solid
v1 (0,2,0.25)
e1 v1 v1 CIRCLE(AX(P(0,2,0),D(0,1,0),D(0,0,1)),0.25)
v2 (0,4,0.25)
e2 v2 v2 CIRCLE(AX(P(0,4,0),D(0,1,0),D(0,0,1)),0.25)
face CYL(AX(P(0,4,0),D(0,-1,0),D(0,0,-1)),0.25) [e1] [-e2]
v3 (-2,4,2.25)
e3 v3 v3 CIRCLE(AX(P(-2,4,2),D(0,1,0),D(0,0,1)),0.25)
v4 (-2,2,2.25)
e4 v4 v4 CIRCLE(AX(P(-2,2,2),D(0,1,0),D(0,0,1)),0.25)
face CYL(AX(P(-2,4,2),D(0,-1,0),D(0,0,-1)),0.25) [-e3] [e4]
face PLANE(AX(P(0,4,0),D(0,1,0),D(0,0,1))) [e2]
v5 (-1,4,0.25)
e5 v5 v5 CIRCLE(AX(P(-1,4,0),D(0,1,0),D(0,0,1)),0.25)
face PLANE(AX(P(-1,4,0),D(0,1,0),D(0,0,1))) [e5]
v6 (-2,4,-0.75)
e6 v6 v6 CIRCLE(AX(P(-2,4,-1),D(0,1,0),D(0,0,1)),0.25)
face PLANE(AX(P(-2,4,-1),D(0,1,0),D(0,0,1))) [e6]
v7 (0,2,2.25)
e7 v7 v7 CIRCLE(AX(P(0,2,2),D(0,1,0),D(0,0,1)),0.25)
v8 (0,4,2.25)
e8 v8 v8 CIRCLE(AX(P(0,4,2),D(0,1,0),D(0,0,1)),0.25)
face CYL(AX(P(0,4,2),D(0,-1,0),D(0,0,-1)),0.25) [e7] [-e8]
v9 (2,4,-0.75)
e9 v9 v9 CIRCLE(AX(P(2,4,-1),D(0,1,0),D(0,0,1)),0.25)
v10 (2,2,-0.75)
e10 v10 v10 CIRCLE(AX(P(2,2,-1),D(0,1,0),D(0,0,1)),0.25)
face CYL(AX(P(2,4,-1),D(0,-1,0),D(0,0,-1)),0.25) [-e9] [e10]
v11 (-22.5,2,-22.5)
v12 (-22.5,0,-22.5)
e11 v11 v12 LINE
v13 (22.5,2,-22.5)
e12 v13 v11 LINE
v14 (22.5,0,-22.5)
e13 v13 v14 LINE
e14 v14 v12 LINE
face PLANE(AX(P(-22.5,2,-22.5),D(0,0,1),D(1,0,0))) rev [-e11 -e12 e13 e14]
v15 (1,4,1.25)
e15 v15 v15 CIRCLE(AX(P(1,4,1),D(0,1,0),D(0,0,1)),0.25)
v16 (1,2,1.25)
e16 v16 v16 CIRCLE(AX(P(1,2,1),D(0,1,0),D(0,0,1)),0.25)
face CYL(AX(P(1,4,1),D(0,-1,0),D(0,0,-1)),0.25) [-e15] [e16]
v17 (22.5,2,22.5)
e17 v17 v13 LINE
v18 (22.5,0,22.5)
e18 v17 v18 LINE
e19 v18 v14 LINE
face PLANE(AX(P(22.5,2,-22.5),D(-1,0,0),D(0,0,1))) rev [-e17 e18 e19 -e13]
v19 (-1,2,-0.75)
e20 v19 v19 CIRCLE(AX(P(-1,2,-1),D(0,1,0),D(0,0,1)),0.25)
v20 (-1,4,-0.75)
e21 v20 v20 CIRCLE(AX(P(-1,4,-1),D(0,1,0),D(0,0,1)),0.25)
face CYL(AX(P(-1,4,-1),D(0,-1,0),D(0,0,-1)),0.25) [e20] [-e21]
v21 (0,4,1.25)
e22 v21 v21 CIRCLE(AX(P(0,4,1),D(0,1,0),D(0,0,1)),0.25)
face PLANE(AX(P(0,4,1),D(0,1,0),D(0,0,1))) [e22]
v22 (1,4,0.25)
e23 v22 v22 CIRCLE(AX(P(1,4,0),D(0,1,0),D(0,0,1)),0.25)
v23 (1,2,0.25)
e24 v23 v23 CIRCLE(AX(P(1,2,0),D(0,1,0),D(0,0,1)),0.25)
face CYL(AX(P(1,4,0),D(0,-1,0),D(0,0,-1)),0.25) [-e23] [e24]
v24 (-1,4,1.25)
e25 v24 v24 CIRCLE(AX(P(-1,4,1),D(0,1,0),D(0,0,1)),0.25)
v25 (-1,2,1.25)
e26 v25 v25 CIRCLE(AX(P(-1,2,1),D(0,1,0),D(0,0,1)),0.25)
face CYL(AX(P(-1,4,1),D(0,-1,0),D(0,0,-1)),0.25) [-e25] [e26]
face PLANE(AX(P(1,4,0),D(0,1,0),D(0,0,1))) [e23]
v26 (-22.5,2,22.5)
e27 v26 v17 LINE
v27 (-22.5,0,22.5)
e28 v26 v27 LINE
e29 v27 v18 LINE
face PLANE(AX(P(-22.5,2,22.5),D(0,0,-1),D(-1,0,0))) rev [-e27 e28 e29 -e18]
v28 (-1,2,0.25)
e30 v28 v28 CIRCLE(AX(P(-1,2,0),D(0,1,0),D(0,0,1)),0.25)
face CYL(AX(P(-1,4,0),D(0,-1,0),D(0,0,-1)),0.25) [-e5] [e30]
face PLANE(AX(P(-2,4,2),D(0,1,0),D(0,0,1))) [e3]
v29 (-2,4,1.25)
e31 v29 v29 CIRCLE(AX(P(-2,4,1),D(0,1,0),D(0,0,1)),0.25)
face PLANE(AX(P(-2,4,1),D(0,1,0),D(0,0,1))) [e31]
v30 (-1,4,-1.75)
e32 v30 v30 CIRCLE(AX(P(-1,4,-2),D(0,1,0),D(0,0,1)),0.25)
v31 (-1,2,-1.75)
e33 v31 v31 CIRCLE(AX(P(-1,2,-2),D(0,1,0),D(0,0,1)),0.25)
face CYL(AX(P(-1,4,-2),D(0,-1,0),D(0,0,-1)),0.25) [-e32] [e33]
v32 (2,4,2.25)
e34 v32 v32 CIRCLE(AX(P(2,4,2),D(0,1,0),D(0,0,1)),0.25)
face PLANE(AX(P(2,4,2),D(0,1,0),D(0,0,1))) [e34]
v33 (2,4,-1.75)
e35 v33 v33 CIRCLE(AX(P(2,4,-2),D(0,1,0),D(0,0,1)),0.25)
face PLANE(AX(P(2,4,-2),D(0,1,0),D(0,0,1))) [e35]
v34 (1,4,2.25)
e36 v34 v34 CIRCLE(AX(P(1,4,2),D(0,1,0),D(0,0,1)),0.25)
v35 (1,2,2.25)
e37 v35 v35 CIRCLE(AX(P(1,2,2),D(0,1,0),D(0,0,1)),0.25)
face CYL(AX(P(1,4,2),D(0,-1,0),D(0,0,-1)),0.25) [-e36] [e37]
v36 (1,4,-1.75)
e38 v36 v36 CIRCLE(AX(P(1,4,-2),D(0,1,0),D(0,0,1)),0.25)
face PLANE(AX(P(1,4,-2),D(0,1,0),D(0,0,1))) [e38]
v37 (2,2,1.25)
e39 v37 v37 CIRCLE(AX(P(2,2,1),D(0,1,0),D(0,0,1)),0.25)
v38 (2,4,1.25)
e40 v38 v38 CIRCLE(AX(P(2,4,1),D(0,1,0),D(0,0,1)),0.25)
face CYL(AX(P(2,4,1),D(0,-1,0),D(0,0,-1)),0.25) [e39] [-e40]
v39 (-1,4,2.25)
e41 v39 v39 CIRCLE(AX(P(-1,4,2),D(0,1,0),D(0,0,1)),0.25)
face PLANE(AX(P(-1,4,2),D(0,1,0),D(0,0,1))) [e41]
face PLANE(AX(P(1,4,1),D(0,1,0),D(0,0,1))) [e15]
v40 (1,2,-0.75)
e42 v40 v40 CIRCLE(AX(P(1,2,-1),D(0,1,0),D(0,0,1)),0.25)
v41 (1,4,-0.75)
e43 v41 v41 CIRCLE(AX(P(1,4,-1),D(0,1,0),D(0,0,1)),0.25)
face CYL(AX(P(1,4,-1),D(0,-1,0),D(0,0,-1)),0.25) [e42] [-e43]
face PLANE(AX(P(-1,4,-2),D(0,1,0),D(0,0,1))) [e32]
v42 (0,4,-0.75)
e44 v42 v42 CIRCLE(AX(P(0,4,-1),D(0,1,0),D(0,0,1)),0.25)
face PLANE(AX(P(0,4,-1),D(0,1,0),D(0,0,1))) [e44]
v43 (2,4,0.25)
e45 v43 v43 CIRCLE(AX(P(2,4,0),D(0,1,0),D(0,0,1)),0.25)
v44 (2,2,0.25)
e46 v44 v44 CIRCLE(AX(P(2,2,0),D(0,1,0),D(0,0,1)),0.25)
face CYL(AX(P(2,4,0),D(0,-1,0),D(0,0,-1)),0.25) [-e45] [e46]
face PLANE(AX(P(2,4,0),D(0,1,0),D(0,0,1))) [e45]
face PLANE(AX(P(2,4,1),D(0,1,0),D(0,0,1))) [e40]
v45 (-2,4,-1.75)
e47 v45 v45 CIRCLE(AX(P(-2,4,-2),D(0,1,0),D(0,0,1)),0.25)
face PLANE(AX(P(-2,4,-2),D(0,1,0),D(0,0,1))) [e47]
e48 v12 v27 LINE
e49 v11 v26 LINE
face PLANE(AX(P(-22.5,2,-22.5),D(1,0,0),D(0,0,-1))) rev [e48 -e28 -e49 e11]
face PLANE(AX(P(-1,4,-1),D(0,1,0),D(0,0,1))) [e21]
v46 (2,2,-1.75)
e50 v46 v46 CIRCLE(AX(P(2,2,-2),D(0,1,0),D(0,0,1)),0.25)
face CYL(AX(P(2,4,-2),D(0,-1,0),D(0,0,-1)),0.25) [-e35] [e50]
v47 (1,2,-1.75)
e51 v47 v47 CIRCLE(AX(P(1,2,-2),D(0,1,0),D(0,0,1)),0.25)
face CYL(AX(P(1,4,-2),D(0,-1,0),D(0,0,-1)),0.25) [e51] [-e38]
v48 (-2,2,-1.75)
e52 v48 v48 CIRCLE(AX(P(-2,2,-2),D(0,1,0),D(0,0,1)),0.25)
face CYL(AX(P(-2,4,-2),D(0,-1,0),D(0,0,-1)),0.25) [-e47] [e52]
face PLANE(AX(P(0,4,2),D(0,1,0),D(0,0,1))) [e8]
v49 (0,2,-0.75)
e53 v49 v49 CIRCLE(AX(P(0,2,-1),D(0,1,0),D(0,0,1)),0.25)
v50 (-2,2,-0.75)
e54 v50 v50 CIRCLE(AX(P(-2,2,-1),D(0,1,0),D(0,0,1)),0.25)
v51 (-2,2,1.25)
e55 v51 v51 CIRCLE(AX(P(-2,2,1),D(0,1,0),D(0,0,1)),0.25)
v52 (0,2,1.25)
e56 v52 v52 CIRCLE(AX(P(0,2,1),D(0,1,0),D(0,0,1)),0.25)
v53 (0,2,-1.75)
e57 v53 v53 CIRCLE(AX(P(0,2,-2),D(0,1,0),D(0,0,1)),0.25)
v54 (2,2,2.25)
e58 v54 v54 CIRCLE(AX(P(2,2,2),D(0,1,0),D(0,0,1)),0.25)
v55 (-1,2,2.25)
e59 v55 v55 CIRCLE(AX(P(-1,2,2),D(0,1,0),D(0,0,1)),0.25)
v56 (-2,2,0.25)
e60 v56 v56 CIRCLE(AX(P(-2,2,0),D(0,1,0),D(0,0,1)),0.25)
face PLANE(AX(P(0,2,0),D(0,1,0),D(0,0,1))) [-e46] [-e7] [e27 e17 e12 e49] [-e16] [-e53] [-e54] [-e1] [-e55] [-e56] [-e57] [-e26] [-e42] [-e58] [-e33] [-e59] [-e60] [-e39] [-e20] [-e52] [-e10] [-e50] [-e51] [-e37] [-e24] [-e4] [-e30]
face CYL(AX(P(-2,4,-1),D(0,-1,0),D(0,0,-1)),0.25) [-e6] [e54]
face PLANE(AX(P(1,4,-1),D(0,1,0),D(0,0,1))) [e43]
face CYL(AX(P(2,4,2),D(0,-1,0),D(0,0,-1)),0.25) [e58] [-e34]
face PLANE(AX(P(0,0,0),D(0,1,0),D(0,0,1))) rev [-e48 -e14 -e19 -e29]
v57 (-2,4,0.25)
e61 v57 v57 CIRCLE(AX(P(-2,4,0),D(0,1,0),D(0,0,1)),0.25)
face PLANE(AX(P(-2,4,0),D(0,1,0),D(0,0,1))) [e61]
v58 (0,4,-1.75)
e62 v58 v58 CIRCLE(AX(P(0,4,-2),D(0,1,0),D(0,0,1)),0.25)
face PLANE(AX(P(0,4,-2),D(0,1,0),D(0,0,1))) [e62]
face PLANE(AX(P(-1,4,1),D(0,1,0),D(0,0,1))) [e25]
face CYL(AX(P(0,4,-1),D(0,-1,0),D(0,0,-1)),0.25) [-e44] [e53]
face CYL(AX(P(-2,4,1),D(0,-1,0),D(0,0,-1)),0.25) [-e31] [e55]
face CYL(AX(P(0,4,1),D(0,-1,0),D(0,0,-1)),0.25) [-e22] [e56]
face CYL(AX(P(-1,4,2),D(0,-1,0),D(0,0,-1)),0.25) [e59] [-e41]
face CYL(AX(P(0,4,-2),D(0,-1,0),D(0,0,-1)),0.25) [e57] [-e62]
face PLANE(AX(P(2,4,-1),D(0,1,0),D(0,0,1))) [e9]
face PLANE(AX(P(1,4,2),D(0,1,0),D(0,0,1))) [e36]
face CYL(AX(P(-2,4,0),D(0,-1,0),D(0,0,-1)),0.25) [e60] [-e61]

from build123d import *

# Parameters (mm, degrees)
SKETCH1_W                 = 45
SKETCH1_H                 = 45
BASEPLATE_DEPTH           = 2
SKETCH2_R                 = 0.25
PINFIN_DEPTH              = 2
PINFIN_PATTERN_COUNT      = 5
PINFIN_PATTERN_PITCH      = 1
PINFIN_PATTERN_COUNT_DIR2 = 5
PINFIN_PATTERN_PITCH_DIR2 = 1


with BuildPart() as part:
    # Sketch1 → Baseplate (new body)
    with BuildSketch(Plane(origin=(0, 0, 0), x_dir=(1, 0, 0), z_dir=(0, 1, 0))):
        Rectangle(SKETCH1_W, SKETCH1_H)
    extrude(amount=BASEPLATE_DEPTH)

    # Sketch2 → Pinfin (add)
    with BuildSketch(Plane(origin=(0, 2, 0), x_dir=(1, 0, 0), z_dir=(0, 1, 0))):
        with Locations(Location((-2, -2, 0), (0, 0, 270))):
            Circle(SKETCH2_R)
    pinfin = extrude(amount=PINFIN_DEPTH)

    # Pinfin Pattern: Pinfin 5 × 5
    with Locations(*[(j * PINFIN_PATTERN_PITCH_DIR2, 0, -i * PINFIN_PATTERN_PITCH) for i in range(PINFIN_PATTERN_COUNT) for j in range(PINFIN_PATTERN_COUNT_DIR2) if (i, j) != (0, 0)]):
        add(pinfin)


solid = part.part
